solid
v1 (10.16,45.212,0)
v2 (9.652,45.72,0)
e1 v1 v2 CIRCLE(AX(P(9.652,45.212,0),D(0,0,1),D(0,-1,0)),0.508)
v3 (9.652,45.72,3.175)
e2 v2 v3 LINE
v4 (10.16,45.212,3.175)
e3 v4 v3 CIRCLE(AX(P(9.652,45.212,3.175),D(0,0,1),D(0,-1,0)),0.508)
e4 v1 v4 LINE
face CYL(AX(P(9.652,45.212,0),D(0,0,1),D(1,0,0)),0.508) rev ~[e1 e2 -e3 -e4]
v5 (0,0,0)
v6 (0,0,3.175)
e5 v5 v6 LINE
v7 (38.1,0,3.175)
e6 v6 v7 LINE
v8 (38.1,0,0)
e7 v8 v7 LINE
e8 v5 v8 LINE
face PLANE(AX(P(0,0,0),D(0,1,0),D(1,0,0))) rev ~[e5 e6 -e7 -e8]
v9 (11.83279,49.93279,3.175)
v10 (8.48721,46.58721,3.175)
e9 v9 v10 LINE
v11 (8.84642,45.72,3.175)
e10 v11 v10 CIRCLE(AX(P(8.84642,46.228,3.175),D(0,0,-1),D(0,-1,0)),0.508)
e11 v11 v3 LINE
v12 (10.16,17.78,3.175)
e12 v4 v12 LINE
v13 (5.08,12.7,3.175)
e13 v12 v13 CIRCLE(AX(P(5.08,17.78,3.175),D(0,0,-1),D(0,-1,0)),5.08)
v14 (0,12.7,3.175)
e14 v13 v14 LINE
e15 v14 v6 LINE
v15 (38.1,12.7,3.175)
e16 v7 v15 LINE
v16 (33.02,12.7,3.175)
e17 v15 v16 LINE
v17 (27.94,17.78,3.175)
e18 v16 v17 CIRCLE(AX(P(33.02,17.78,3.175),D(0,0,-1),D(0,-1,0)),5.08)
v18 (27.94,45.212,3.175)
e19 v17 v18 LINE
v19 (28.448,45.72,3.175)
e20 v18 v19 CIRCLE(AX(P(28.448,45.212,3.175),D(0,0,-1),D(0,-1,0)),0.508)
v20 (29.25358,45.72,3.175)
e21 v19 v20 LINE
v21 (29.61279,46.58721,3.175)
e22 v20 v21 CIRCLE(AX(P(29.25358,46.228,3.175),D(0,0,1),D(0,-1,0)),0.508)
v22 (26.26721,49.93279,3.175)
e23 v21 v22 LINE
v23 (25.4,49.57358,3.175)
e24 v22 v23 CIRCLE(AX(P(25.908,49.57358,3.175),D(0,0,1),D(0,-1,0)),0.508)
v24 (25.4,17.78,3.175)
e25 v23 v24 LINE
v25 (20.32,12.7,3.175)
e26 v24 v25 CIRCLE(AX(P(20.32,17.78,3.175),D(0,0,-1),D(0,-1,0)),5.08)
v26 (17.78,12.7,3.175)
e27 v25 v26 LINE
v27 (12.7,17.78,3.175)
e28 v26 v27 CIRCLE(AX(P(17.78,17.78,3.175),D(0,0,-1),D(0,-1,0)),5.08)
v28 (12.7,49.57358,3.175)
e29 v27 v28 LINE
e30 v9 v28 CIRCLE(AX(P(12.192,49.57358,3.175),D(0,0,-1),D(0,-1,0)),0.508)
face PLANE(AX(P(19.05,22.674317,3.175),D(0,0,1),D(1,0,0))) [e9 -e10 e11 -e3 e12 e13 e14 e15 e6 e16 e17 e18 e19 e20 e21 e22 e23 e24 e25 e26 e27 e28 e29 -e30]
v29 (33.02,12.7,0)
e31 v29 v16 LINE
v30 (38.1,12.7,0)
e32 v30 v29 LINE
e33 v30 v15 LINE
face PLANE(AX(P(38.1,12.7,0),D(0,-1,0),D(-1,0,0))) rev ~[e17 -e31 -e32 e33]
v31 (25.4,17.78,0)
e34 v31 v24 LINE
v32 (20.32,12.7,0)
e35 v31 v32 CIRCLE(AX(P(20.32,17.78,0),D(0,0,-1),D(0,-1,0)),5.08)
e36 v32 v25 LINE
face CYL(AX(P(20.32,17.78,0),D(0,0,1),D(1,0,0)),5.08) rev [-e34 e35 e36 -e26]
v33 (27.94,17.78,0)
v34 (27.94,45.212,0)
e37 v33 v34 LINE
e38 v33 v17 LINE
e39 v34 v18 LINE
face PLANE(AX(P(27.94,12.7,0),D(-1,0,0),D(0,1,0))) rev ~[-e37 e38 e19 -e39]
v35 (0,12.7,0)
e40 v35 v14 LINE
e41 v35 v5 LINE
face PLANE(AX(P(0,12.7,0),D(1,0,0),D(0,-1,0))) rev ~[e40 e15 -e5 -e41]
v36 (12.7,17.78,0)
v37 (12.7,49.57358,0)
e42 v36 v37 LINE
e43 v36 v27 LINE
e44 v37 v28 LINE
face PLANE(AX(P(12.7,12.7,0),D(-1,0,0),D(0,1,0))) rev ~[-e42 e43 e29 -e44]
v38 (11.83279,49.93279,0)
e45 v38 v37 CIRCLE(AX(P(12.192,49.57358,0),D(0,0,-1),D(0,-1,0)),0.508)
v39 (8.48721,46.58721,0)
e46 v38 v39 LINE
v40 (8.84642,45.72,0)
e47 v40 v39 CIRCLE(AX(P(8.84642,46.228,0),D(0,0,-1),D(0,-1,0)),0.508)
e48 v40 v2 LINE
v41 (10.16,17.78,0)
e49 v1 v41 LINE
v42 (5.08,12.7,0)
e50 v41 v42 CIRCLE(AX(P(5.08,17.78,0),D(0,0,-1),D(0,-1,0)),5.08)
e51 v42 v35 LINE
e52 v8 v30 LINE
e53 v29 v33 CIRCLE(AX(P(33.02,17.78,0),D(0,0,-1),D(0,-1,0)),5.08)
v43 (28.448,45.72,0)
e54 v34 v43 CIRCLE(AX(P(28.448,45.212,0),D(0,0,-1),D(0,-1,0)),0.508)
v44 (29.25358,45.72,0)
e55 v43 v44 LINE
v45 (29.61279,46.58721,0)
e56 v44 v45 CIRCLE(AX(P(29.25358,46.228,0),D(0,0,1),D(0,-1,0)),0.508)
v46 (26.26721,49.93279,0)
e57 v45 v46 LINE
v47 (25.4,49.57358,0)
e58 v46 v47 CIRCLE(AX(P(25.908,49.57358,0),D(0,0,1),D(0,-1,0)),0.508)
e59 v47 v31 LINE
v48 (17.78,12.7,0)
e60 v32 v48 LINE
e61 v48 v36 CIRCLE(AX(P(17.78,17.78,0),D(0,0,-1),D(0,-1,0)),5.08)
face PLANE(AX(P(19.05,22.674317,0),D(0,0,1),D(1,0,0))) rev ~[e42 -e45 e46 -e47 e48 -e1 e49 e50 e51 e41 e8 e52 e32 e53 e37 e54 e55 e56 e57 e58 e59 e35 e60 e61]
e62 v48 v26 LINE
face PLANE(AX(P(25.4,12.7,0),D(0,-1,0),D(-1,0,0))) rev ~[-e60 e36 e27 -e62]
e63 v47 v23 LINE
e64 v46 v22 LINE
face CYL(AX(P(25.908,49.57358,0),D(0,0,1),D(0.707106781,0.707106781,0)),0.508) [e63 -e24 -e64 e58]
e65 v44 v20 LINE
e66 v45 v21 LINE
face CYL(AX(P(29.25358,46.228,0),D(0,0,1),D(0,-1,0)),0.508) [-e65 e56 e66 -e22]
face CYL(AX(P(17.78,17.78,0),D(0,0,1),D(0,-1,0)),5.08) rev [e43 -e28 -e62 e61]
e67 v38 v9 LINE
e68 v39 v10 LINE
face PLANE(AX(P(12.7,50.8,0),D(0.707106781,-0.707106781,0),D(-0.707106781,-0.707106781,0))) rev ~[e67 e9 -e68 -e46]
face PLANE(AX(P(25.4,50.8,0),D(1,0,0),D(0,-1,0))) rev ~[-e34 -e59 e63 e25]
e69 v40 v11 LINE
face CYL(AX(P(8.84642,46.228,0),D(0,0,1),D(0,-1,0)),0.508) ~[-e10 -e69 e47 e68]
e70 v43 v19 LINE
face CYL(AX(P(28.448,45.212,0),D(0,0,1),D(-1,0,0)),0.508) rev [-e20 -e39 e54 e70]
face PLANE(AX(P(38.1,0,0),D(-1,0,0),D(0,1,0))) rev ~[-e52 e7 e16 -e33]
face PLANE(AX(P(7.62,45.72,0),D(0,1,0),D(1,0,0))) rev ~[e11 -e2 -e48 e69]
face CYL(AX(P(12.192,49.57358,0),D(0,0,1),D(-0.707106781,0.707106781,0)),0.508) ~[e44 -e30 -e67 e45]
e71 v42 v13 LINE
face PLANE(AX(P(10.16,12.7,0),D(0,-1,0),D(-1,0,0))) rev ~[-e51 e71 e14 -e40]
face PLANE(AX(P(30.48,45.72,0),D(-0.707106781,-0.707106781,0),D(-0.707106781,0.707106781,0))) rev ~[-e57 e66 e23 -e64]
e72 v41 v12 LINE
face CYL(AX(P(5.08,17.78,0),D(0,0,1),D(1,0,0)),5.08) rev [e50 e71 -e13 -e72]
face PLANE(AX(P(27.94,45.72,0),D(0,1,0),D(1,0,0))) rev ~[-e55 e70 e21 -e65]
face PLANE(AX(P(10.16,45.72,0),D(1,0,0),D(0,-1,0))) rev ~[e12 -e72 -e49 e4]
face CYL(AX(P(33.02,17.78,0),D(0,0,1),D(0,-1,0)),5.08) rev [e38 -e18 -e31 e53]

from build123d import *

# Parameters (mm, degrees)
F1_DEPTH = 3.175
F2_R     = 5.08
F3_R     = 0.508


with BuildPart() as f1:
    # F0 (on Top) → F1 (new body)
    with BuildSketch(Plane.XY):
        Polygon((0, 12.7), (0, 0), (38.1, 0), (38.1, 12.7), (27.94, 12.7), (27.94, 45.72), (30.48, 45.72), (25.4, 50.8), (25.4, 12.7), (12.7, 12.7), (12.7, 50.8), (7.62, 45.72), (10.16, 45.72), (10.16, 12.7), align=None)
    extrude(amount=F1_DEPTH)

    # F2
    f2_edges = [f1.edges().sort_by_distance(p)[0] for p in [
        (27.94, 12.7, 1.5875),
        (25.4, 12.7, 1.5875),
        (12.7, 12.7, 1.5875),
        (10.16, 12.7, 1.5875),
    ]]
    fillet(f2_edges, radius=F2_R)

    # F3
    f3_edges = [f1.edges().sort_by_distance(p)[0] for p in [
        (27.94, 45.72, 1.5875),
        (30.48, 45.72, 1.5875),
        (10.16, 45.72, 1.5875),
        (7.62, 45.72, 1.5875),
        (12.7, 50.8, 1.5875),
        (25.4, 50.8, 1.5875),
    ]]
    fillet(f3_edges, radius=F3_R)


solid = f1.part
